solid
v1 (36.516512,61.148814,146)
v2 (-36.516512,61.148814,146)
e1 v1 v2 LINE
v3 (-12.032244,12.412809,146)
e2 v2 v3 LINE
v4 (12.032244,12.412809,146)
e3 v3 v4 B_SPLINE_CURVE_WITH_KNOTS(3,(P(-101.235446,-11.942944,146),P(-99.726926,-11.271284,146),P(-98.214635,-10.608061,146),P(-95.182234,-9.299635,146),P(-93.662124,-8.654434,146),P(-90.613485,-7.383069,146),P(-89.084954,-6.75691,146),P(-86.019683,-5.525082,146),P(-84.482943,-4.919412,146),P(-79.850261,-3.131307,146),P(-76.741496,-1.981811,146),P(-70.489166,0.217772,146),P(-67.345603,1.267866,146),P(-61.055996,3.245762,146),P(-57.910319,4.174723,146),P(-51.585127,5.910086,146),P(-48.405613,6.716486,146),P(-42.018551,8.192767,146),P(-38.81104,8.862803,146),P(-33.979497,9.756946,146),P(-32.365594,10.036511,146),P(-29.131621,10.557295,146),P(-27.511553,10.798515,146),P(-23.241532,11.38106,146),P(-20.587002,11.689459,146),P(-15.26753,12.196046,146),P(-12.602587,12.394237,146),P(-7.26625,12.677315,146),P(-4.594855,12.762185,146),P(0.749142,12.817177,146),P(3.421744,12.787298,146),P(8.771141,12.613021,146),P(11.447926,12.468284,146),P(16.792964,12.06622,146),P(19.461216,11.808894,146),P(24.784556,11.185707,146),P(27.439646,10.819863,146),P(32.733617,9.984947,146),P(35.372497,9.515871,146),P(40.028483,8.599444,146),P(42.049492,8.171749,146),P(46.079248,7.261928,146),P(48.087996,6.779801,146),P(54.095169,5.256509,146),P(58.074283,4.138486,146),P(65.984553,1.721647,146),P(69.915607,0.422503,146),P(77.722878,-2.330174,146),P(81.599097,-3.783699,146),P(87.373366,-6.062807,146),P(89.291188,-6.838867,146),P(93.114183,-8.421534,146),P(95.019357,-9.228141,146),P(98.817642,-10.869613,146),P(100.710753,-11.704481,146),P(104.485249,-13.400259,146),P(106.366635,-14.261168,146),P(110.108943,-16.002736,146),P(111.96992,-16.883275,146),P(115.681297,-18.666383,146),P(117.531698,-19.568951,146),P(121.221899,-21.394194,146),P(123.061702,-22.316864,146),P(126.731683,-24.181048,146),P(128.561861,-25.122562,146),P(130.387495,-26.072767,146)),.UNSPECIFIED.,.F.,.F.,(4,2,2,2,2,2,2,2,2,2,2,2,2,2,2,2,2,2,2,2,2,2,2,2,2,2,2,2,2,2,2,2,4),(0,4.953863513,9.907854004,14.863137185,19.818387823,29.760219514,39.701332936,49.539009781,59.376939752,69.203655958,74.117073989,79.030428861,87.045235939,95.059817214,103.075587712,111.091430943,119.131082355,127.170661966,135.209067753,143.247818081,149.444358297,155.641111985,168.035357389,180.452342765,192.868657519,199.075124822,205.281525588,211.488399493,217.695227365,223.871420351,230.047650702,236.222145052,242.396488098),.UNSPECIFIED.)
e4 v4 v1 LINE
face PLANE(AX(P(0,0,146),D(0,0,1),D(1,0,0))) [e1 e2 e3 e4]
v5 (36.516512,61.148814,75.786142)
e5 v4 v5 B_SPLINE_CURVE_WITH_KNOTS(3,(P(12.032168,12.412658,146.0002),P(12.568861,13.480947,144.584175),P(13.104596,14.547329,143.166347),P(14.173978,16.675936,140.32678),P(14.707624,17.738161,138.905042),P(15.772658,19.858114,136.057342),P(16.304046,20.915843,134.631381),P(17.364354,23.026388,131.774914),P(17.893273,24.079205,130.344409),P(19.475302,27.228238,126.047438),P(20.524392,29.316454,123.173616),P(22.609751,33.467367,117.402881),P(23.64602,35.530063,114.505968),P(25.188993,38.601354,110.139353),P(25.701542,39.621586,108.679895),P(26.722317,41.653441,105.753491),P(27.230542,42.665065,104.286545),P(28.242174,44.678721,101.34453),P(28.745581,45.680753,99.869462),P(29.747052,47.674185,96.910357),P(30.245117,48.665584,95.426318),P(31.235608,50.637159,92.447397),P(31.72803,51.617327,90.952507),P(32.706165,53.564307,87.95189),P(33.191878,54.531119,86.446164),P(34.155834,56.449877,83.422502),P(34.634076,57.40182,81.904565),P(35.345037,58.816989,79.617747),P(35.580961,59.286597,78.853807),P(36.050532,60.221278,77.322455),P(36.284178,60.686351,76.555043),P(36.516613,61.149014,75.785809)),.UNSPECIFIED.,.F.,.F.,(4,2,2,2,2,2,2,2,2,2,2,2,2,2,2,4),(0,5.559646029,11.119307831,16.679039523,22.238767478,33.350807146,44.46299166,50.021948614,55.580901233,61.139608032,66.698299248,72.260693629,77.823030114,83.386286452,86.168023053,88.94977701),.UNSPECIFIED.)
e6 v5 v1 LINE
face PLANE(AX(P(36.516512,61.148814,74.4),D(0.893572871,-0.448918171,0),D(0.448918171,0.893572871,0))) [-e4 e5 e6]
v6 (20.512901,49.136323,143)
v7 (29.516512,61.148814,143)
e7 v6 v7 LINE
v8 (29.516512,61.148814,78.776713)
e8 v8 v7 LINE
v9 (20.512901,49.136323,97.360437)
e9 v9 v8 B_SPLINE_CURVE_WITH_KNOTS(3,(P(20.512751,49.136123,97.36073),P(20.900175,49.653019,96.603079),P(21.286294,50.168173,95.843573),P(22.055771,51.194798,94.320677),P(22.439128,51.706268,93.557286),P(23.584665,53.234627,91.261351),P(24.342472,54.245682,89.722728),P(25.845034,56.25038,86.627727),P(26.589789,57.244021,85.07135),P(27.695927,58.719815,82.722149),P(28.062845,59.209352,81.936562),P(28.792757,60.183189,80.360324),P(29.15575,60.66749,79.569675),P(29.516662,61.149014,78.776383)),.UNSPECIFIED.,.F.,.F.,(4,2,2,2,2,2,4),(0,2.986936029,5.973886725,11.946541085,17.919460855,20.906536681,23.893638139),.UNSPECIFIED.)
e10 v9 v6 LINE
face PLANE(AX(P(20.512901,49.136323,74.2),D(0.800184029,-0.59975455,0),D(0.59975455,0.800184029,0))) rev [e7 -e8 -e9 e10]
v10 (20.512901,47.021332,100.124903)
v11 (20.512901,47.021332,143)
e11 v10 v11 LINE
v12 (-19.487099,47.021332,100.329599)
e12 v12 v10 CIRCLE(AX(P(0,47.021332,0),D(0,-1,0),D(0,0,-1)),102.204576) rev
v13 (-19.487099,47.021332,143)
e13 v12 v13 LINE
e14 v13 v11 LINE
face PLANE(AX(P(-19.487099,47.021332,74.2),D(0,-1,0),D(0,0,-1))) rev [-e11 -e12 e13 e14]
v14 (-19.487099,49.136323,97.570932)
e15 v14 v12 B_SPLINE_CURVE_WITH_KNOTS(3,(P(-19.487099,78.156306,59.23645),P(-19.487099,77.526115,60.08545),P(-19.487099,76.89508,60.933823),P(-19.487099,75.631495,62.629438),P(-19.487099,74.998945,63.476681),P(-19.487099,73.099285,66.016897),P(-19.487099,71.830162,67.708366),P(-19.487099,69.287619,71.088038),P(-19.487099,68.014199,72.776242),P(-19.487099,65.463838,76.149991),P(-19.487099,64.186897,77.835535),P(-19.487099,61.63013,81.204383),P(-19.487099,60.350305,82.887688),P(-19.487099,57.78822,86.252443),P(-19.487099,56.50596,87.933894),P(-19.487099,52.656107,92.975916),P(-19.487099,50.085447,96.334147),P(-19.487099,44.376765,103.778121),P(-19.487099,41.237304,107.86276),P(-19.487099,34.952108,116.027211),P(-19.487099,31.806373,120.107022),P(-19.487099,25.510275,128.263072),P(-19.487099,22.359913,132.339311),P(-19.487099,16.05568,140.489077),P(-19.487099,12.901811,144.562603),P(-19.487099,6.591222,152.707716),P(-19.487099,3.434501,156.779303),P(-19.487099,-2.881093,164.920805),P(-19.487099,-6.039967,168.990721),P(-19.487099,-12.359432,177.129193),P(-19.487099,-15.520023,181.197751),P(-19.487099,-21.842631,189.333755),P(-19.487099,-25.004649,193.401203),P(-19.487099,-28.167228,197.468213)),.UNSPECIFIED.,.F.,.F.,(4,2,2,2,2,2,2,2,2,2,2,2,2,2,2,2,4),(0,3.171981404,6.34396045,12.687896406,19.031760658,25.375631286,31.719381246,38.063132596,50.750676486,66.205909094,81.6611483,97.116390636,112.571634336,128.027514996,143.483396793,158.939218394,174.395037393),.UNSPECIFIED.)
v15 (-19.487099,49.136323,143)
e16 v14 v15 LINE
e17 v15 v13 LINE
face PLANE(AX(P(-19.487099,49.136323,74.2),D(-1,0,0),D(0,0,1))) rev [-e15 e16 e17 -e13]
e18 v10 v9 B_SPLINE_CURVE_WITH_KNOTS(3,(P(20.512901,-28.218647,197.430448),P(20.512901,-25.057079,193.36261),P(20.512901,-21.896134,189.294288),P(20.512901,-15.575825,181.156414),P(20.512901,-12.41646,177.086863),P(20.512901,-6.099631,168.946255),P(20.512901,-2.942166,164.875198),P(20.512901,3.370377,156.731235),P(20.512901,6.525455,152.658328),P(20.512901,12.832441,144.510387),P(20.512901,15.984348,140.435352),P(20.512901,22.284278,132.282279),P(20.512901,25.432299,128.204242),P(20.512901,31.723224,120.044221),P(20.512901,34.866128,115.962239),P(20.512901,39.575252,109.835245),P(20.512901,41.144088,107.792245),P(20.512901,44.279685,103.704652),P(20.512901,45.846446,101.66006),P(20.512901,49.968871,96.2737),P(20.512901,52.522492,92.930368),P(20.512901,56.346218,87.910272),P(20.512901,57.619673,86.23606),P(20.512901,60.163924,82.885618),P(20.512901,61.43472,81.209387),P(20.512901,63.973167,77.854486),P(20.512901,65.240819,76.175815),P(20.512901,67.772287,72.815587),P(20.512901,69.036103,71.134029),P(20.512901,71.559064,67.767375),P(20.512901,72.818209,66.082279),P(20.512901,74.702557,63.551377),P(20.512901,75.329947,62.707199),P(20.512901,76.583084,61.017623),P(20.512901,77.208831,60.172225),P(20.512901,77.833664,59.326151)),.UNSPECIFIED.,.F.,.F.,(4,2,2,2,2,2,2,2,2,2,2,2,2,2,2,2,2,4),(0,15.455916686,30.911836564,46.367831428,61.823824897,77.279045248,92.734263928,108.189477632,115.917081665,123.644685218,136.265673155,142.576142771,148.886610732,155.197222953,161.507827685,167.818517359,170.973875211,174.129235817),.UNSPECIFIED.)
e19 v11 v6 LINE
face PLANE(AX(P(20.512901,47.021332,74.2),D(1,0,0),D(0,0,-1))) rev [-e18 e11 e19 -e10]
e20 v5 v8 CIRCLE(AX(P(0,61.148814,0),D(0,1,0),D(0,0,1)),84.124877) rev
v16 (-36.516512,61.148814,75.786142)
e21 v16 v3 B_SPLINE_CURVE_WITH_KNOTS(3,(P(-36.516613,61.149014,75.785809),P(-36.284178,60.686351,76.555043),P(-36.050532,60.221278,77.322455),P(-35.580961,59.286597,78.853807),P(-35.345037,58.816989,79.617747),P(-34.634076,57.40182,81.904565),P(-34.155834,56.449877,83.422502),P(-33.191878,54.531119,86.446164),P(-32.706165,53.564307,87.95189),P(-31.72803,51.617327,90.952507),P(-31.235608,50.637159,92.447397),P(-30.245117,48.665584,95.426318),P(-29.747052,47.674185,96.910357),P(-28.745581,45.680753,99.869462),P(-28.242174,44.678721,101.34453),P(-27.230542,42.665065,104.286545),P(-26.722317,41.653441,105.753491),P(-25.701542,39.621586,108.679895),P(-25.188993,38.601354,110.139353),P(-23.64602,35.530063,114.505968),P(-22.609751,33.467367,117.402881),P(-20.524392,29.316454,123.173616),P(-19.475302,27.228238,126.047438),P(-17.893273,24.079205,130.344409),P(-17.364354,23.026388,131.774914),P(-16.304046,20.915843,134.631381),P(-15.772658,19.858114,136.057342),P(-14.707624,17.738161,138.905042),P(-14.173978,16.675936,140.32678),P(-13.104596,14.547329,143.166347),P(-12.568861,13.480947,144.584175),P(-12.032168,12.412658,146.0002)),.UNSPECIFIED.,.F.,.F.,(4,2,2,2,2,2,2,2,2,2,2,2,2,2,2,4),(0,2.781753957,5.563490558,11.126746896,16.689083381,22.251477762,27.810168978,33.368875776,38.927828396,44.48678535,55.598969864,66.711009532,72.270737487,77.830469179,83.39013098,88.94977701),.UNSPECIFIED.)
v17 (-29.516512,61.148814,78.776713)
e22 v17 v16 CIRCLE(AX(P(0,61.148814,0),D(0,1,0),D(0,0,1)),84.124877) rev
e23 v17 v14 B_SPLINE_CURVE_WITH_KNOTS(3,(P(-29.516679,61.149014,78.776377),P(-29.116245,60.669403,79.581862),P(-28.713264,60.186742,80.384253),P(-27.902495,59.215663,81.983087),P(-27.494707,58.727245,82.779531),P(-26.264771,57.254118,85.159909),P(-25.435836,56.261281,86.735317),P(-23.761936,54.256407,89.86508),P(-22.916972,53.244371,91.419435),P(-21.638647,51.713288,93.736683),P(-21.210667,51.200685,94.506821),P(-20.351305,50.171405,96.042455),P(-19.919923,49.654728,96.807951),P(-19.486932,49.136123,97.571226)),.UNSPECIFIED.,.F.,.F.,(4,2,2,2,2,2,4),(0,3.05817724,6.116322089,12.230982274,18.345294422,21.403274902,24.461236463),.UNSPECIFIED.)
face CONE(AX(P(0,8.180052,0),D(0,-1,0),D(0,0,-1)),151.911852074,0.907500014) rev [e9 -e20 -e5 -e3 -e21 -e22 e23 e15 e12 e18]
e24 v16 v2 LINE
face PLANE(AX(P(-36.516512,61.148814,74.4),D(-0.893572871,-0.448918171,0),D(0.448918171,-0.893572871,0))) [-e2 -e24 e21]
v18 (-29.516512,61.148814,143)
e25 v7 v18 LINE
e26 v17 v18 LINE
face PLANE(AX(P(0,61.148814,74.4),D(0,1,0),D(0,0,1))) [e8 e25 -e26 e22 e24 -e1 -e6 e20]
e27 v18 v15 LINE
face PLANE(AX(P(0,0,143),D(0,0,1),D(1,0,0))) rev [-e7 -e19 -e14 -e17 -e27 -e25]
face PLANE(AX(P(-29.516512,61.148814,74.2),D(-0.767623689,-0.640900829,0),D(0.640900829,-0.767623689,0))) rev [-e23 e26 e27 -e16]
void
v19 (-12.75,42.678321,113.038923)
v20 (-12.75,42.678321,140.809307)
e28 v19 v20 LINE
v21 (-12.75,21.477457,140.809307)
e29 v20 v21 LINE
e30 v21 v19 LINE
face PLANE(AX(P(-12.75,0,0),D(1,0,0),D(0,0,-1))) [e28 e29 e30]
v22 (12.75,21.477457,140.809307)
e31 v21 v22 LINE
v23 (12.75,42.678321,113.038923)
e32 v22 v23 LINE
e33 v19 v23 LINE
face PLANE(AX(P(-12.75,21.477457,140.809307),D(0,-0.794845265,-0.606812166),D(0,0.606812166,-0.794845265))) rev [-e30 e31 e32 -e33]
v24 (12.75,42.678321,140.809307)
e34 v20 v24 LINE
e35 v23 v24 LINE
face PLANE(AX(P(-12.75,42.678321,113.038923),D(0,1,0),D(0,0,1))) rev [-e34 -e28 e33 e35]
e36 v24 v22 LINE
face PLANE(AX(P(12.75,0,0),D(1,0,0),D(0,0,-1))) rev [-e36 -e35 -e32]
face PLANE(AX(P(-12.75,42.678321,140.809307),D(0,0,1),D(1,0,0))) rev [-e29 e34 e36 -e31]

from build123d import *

# Parameters (mm, degrees)
BOSS_EXTRU_5_START       = 146
BOSS_EXTRU_5_DEPTH       = 71.6
ENL_V_START              = 143
ENL_V_MAT_EXTRU_16_DEPTH = 68.8
ENL_V_MAT_EXTRU_17_DEPTH = 12.75


with BuildPart() as part:
    # Esquisse21 → Boss.-Extru.5 (new body)
    with BuildSketch(Plane.XY.offset(BOSS_EXTRU_5_START)):
        Polygon((0, 61.14881388), (36.516512378, 61.14881388), (7.78303179, 3.954740649), (0, 3.954740649), (-7.78303179, 3.954740649), (-36.516512378, 61.14881388), align=None)
    extrude(amount=-BOSS_EXTRU_5_DEPTH)

    # Esquisse25 → Enlèv. mat.-Extru.16 (cut)
    with BuildSketch(Plane.XY.offset(ENL_V_START)):
        Polygon((-19.487098976, 47.02133199), (20.512901024, 47.02133199), (20.512901024, 49.136323087), (29.516512378, 61.14881388), (-29.516512378, 61.14881388), (-19.487098976, 49.136323087), align=None)
    extrude(amount=-ENL_V_MAT_EXTRU_16_DEPTH, mode=Mode.SUBTRACT)

    # Esquisse28 → Enlèvement de matière-Révolution1 (revolve, cut)
    with BuildSketch(Plane.XY):
        Polygon((0, 80), (0, -62.094926462), (151.911852074, -62.094926462), (151.911852074, 8.180052285), (60, 80), align=None)
    revolve(axis=Axis((0, 178.385130013, 0), (0, -1, 0)), mode=Mode.SUBTRACT)

    # Esquisse29 → Enlèv. mat.-Extru.17 (cut, symmetric)
    with BuildSketch(Plane(origin=(0, 0, 0), x_dir=(0, 0, -1), z_dir=(1, 0, 0))):
        Polygon((-140.809307475, 42.678321443), (-140.809307475, 21.477456774), (-113.038923412, 42.678321443), align=None)
    extrude(amount=ENL_V_MAT_EXTRU_17_DEPTH, both=True, mode=Mode.SUBTRACT)


solid = part.part
